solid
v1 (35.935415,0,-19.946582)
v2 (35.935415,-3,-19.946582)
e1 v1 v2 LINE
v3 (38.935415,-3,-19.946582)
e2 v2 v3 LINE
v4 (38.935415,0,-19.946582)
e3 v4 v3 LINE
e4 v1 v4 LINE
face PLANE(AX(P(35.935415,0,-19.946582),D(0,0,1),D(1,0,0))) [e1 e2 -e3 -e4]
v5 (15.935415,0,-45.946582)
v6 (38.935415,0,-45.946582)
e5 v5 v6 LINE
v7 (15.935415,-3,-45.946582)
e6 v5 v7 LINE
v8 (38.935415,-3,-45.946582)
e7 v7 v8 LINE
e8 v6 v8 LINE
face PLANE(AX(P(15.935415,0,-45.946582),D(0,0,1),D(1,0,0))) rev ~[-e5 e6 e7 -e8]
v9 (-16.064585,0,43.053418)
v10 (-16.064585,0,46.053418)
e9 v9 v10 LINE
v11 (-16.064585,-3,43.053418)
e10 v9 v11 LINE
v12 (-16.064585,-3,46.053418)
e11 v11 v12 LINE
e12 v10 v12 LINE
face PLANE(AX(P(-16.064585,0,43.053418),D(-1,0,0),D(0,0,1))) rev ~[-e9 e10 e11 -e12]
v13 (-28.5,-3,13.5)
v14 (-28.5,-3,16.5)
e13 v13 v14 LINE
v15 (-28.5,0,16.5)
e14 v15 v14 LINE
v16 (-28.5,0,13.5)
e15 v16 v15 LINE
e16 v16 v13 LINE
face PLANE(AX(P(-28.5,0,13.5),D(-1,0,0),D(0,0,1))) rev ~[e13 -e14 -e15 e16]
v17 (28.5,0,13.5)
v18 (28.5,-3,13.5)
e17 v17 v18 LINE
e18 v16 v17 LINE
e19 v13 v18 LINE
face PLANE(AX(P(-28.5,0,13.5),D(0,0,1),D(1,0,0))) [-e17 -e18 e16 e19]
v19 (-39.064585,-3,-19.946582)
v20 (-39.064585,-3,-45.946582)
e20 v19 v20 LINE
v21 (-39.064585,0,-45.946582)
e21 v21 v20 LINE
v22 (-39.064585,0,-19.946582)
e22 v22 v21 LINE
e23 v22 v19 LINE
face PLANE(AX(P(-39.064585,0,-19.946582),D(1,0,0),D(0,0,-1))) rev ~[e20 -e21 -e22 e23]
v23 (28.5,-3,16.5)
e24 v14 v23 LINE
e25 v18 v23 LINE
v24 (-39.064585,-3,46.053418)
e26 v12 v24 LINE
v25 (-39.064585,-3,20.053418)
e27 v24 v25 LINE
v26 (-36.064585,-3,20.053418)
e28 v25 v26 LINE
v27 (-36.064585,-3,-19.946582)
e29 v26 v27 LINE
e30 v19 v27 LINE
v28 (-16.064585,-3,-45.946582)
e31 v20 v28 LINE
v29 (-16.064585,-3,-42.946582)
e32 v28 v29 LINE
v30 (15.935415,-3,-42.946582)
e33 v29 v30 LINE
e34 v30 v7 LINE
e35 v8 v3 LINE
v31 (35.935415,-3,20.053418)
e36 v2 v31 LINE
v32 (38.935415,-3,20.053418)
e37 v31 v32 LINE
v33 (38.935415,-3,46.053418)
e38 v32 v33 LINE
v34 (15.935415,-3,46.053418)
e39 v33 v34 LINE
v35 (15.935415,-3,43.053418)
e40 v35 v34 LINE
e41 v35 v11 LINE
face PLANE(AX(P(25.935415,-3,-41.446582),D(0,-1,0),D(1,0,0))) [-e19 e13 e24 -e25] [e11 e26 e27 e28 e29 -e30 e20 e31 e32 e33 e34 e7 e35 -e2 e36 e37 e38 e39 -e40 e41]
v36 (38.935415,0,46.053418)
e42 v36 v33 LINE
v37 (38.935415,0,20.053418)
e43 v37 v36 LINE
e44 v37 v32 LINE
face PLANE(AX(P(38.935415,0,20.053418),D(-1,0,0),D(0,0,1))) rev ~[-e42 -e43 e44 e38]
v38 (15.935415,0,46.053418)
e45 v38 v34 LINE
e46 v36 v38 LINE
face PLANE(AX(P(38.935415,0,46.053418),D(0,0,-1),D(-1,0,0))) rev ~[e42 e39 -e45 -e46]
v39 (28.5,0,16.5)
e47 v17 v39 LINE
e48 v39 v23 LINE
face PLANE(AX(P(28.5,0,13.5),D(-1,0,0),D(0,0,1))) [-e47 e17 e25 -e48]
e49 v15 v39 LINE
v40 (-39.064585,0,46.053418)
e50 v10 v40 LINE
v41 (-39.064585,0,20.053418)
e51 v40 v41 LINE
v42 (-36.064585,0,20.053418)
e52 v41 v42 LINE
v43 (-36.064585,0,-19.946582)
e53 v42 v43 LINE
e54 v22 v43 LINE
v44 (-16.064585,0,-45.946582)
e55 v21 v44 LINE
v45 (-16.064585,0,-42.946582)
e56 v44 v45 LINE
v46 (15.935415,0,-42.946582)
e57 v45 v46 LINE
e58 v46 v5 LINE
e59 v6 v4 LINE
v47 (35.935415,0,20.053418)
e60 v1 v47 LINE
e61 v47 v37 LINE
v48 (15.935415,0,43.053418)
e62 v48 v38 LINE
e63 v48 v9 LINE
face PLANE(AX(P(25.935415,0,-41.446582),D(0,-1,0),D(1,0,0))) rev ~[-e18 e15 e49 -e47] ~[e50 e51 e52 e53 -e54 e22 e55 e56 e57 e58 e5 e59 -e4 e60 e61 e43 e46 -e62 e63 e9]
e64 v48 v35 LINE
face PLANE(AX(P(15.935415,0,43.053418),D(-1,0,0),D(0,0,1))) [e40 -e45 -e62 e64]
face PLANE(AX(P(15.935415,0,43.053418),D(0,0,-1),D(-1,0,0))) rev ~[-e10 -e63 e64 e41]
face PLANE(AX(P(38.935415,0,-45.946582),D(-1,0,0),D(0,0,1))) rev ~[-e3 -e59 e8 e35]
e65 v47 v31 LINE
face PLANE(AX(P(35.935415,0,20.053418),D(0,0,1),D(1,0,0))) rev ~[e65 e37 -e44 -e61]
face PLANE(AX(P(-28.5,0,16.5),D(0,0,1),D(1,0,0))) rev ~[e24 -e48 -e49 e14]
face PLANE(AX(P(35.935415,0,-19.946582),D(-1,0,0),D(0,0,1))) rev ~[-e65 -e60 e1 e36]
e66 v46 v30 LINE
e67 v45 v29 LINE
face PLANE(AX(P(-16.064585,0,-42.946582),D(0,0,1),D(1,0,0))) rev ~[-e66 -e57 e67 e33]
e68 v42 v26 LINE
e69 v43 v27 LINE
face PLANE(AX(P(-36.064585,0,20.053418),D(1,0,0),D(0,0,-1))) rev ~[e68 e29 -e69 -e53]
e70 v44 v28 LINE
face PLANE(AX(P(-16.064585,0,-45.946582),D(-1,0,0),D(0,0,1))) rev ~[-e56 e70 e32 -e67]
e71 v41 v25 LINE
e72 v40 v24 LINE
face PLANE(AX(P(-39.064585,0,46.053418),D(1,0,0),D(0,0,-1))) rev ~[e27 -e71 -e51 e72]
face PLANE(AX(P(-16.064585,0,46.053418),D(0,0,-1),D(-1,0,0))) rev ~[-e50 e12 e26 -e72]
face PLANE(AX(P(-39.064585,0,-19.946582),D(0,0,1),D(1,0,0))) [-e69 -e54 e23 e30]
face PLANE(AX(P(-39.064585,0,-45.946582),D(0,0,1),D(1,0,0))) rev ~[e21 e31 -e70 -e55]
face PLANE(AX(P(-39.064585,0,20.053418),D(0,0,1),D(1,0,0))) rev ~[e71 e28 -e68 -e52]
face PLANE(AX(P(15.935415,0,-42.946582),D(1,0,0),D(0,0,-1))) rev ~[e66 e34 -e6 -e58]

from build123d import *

# Parameters (mm, degrees)
F0_W     = 20
F0_H     = 3
F0_W_2   = 57
F0_W_3   = 3
F0_H_2   = 20
F0_W_4   = 32
F1_DEPTH = 3


with BuildPart() as f1:
    # F0 (on Front) → F1 (new body)
    with BuildSketch(Plane.XZ):
        with Locations((25.9354149689, -41.4465821788)):
            Rectangle(F0_W, F0_H)
        Polygon((15.9354149689, -39.9465821788), (35.9354149689, -39.9465821788), (35.9354149689, -19.9465821788), (35.9354149689, 20.0534178212), (35.9354149689, 40.0534178212), (15.9354149689, 40.0534178212), (-16.0645850311, 40.0534178212), (-36.0645850311, 40.0534178212), (-36.0645850311, 20.0534178212), (-36.0645850311, -19.9465821788), (-36.0645850311, -39.9465821788), (-16.0645850311, -39.9465821788), align=None)
        with Locations((0, 15)):
            Rectangle(F0_W_2, F0_H, mode=Mode.SUBTRACT)
        with Locations((37.4354149689, -29.9465821788)):
            Rectangle(F0_W_3, F0_H_2)
        with Locations((37.4354149689, -41.4465821788)):
            Rectangle(F0_W_3, F0_H)
        with Locations((-0.0645850311, -41.4465821788)):
            Rectangle(F0_W_4, F0_H)
        Polygon((38.9354149689, -42.9465821788), (35.9354149689, -42.9465821788), (15.9354149689, -42.9465821788), (15.9354149689, -45.9465821788), (38.9354149689, -45.9465821788), align=None)
        with Locations((-26.0645850311, -41.4465821788)):
            Rectangle(F0_W, F0_H)
        with Locations((37.4354149689, 30.0534178212)):
            Rectangle(F0_W_3, F0_H_2)
        with Locations((-37.5645850311, -29.9465821788)):
            Rectangle(F0_W_3, F0_H_2)
        with Locations((-37.5645850311, -41.4465821788)):
            Rectangle(F0_W_3, F0_H)
        Polygon((-16.0645850311, -45.9465821788), (-16.0645850311, -42.9465821788), (-36.0645850311, -42.9465821788), (-39.0645850311, -42.9465821788), (-39.0645850311, -45.9465821788), align=None)
        with Locations((25.9354149689, 41.5534178212)):
            Rectangle(F0_W, F0_H)
        with Locations((37.4354149689, 41.5534178212)):
            Rectangle(F0_W_3, F0_H)
        with Locations((-0.0645850311, 41.5534178212)):
            Rectangle(F0_W_4, F0_H)
        with Locations((37.4354149689, 44.5534178212)):
            Rectangle(F0_W_3, F0_H)
        with Locations((25.9354149689, 44.5534178212)):
            Rectangle(F0_W, F0_H)
        with Locations((-37.5645850311, 30.0534178212)):
            Rectangle(F0_W_3, F0_H_2)
        with Locations((-26.0645850311, 41.5534178212)):
            Rectangle(F0_W, F0_H)
        with Locations((-37.5645850311, 41.5534178212)):
            Rectangle(F0_W_3, F0_H)
        Polygon((-36.0645850311, 43.0534178212), (-16.0645850311, 43.0534178212), (-16.0645850311, 46.0534178212), (-39.0645850311, 46.0534178212), (-39.0645850311, 43.0534178212), align=None)
    extrude(amount=F1_DEPTH)


solid = f1.part
